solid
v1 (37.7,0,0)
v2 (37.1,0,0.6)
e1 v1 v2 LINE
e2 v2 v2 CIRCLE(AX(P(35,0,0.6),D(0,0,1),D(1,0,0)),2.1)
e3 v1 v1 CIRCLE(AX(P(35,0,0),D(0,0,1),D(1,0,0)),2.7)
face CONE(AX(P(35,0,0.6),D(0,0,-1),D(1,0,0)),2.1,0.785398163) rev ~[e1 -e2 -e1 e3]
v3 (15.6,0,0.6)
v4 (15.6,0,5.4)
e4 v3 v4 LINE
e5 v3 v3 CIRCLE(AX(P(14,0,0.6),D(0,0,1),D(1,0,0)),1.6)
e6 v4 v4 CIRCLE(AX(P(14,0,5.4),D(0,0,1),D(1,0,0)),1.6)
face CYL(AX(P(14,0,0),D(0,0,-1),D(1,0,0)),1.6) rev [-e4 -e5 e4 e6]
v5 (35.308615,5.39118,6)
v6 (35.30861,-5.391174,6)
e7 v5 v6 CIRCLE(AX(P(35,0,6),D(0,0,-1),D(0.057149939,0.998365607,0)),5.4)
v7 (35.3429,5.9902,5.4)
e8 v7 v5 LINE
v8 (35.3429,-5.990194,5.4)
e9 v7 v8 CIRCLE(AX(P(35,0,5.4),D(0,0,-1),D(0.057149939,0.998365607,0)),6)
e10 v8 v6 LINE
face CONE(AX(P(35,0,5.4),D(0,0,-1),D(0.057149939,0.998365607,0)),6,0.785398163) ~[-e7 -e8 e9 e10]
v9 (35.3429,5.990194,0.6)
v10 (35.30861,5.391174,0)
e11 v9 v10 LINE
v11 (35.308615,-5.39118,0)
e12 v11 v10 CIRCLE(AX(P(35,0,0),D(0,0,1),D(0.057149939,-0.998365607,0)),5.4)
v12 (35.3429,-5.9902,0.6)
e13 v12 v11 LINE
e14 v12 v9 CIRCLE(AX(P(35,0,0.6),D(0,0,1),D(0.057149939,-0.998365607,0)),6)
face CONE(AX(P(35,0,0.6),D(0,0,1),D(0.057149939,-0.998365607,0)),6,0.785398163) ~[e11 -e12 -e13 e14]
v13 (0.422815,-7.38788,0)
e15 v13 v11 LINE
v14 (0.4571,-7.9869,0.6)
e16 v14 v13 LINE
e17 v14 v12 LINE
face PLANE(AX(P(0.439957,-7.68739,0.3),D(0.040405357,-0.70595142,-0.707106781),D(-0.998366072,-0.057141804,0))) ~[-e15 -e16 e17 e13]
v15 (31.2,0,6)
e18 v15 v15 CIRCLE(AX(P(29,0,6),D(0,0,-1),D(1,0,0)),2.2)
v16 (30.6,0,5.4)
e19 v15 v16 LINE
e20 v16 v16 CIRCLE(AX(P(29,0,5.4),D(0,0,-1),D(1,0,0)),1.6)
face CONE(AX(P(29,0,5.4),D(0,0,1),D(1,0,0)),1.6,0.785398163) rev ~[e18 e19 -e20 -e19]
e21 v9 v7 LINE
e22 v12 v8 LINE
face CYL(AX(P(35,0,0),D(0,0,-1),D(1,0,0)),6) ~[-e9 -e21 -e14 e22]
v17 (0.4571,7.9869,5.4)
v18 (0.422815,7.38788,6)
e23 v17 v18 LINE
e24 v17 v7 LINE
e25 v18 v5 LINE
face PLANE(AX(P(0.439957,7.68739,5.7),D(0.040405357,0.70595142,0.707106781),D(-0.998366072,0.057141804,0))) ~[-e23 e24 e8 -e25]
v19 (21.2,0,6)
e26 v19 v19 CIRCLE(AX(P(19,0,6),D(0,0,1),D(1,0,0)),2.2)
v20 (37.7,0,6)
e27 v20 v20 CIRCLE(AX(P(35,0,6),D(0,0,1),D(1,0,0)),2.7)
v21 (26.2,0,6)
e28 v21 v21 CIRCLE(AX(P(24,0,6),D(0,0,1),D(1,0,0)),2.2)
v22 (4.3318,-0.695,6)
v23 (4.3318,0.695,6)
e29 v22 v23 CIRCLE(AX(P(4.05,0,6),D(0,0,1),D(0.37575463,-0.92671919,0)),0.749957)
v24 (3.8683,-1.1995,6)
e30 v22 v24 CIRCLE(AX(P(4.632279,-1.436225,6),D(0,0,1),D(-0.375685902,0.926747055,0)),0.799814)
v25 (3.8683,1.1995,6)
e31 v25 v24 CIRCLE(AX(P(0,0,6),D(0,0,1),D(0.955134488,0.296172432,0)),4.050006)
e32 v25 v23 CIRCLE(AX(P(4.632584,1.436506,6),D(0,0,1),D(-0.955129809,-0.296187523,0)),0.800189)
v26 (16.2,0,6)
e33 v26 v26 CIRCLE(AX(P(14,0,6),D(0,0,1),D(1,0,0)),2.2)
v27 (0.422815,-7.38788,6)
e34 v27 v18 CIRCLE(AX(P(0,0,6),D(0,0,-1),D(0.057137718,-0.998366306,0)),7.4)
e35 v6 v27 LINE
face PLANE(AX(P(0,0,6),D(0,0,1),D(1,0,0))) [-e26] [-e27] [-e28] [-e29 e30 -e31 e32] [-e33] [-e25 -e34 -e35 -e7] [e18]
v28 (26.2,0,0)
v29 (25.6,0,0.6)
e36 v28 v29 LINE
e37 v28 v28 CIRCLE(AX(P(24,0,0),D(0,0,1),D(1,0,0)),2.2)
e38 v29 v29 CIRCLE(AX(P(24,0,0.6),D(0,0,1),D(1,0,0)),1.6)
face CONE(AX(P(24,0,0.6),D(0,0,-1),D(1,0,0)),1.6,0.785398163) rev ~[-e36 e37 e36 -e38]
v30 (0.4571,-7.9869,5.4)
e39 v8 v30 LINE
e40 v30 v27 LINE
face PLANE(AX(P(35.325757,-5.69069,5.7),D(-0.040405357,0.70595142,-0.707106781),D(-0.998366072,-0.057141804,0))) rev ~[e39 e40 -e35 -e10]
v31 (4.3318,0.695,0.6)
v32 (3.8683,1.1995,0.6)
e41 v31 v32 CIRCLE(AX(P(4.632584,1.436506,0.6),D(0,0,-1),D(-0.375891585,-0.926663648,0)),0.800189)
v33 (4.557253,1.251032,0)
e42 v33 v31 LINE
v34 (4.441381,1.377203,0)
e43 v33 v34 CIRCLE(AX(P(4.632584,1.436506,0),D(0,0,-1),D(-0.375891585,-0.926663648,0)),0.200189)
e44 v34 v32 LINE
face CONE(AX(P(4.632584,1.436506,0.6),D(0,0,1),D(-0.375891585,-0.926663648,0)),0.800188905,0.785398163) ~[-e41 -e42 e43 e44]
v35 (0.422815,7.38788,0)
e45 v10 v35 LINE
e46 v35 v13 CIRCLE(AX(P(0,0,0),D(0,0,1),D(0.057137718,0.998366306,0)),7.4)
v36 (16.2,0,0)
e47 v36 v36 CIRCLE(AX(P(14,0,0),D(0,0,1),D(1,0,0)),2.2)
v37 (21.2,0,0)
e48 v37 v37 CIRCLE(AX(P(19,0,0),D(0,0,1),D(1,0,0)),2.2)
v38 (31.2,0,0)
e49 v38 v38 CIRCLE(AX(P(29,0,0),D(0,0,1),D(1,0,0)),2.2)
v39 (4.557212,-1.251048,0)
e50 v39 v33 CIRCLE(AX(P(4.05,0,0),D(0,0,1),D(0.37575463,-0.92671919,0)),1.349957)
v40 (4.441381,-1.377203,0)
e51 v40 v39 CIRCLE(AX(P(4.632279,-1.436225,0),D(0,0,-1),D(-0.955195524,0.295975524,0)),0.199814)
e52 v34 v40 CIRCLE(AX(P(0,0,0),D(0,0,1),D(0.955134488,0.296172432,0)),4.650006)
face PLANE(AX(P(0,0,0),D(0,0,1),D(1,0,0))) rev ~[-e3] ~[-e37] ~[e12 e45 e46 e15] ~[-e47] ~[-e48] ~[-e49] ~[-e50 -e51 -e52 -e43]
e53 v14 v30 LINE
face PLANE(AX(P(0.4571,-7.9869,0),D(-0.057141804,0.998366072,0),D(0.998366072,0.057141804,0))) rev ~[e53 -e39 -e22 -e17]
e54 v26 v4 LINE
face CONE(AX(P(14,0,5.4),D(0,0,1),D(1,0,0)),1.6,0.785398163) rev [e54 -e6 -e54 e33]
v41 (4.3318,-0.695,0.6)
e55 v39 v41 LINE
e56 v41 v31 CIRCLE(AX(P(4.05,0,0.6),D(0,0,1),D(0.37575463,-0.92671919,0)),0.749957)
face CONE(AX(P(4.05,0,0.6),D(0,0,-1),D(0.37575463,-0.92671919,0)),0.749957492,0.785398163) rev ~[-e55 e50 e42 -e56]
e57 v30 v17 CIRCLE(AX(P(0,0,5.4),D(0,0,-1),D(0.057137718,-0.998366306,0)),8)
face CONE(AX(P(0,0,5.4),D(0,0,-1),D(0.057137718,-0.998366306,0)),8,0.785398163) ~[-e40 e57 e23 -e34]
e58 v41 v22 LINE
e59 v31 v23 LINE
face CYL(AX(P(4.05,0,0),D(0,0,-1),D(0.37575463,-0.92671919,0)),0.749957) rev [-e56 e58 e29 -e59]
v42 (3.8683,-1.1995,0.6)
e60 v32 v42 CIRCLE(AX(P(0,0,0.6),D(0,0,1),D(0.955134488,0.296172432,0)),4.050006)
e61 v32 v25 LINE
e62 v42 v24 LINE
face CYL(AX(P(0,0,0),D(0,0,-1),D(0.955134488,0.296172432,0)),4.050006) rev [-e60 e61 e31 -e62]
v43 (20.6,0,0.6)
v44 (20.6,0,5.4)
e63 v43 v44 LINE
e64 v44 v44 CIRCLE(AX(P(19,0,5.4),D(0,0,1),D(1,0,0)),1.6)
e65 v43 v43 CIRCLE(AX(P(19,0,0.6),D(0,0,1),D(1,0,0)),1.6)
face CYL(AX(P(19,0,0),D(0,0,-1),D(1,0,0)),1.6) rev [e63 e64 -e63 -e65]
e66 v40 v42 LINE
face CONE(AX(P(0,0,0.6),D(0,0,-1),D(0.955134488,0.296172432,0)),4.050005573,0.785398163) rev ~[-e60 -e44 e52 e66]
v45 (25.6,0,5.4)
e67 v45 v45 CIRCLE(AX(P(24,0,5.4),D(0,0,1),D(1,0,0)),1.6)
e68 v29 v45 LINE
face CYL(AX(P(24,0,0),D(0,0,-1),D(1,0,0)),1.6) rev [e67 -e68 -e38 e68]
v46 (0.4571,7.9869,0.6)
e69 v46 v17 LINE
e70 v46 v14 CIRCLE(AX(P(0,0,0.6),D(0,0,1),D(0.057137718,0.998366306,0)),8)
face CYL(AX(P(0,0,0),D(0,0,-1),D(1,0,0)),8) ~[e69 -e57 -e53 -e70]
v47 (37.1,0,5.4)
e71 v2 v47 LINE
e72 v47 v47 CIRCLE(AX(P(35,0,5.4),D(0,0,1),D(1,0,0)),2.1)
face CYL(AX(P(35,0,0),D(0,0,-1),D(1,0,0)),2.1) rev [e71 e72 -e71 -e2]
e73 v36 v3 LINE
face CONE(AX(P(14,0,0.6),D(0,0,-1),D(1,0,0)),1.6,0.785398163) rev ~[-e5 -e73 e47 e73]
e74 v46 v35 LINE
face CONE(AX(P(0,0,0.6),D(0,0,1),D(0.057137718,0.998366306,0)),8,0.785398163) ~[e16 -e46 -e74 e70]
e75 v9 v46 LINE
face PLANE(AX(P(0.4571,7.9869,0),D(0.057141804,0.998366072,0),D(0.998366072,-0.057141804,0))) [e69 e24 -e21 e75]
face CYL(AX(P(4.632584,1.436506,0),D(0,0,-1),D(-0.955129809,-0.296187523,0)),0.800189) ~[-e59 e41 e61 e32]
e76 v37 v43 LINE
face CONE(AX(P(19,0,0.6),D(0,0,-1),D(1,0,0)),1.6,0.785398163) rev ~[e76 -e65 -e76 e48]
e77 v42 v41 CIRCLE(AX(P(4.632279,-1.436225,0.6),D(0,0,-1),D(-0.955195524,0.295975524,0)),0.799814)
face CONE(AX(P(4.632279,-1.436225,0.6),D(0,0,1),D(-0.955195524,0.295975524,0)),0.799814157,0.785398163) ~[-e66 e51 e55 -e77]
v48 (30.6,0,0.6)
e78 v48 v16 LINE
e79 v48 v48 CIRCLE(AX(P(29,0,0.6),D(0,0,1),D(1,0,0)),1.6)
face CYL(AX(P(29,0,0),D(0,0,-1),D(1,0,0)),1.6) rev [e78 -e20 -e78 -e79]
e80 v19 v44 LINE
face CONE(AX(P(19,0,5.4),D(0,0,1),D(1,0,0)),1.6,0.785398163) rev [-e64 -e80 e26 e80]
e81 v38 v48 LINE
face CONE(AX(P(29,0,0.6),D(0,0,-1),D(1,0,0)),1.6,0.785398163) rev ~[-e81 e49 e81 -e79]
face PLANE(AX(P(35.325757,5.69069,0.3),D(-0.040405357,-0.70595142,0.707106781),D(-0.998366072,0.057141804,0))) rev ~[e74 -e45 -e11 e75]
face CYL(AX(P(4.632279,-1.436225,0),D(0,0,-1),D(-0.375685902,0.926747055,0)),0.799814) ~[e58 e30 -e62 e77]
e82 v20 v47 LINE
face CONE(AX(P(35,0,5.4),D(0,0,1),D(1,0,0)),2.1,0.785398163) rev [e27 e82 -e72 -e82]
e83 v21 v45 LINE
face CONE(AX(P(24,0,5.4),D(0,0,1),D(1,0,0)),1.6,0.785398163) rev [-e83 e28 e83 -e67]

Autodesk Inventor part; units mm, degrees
ref_plane "YZ Plane" through (0, 0, 0) normal (1, 0, 0) x (0, 1, 0)
ref_plane "XZ Plane" through (0, 0, 0) normal (0, 1, 0) x (-1, 0, 0)
ref_plane "XY Plane" through (0, 0, 0) normal (0, 0, 1) x (1, 0, 0)
sketch "Эскиз1" plane through (0, 0, 0) normal (0, 0, 1) x (1, 0, 0)
  arc A0 (3.8683, 1.1995) -> (3.8683, -1.1995) centre (0, 0) ccw
  circle A1 centre (14, 0) radius 1.6
  line L0 (-17.8, 0) -> (50.8, 0) construction
  circle A2 centre (0, 0) radius 8
  circle A3 centre (35, 0) radius 6
  circle A4 centre (35, 0) radius 2.1
  line L1 (0.4571, 7.9869) -> (35.3429, 5.9902)
  line L2 (0.4571, -7.9869) -> (35.3429, -5.9902)
  circle A5 centre (19, 0) radius 1.6
  circle A6 centre (24, 0) radius 1.6
  circle A7 centre (29, 0) radius 1.6
  arc A8 (4.3318, -0.695) -> (4.3318, 0.695) centre (4.05, 0) ccw
  arc A9 (4.05, 0) -> (3.8683, 1.1995) centre (0, 0) ccw construction
  arc A10 (3.8683, -1.1995) -> (4.05, 0) centre (0, 0) ccw construction
  arc A11 (3.8683, 1.1995) -> (4.3318, 0.695) centre (4.6324, 1.4364) ccw
  arc A12 (4.3318, -0.695) -> (3.8683, -1.1995) centre (4.6324, -1.4364) ccw
  dimension "d0" = 8.1
  dimension "d1" = 3.2
  dimension "d2" = 14
  dimension "d3" = 16
  dimension "d5" = 12
  dimension "d6" = 35
  dimension "d7" = 4.2
  dimension "d22" = 5
  dimension "d27" = 1.5
  dimension "d28" = 0.8
extrude "Выдавливание1" add sketch "Эскиз1" along normal blind 6 contours A2 | A2 L1 A3 A7 L2 | A3 A7 picked at (31.3752, 2.1355)
chamfer "Фаска1" distance 0.6 angle 45 22 edges at (17.9, -6.9886, 0) (41, 0, 0) (17.9, 6.9886, 0) (-8, 0, 0) (12.4, 0, 0) (32.9, 0, 0) (17.9, 6.9886, 6) (-8, 0, 6) (17.9, -6.9886, 6) (41, 0, 6) (12.4, 0, 6) (32.9, 0, 6) (17.4, 0, 6) (22.4, 0, 6) (27.4, 0, 6) (27.4, 0, 0) (22.4, 0, 0) (17.4, 0, 0) (-4.05, 0, 0) (4.0433, 0.8951, 0) (4.8, 0, 0) (4.0433, -0.8951, 0)
properties part number "Рычаг натяжителя"
